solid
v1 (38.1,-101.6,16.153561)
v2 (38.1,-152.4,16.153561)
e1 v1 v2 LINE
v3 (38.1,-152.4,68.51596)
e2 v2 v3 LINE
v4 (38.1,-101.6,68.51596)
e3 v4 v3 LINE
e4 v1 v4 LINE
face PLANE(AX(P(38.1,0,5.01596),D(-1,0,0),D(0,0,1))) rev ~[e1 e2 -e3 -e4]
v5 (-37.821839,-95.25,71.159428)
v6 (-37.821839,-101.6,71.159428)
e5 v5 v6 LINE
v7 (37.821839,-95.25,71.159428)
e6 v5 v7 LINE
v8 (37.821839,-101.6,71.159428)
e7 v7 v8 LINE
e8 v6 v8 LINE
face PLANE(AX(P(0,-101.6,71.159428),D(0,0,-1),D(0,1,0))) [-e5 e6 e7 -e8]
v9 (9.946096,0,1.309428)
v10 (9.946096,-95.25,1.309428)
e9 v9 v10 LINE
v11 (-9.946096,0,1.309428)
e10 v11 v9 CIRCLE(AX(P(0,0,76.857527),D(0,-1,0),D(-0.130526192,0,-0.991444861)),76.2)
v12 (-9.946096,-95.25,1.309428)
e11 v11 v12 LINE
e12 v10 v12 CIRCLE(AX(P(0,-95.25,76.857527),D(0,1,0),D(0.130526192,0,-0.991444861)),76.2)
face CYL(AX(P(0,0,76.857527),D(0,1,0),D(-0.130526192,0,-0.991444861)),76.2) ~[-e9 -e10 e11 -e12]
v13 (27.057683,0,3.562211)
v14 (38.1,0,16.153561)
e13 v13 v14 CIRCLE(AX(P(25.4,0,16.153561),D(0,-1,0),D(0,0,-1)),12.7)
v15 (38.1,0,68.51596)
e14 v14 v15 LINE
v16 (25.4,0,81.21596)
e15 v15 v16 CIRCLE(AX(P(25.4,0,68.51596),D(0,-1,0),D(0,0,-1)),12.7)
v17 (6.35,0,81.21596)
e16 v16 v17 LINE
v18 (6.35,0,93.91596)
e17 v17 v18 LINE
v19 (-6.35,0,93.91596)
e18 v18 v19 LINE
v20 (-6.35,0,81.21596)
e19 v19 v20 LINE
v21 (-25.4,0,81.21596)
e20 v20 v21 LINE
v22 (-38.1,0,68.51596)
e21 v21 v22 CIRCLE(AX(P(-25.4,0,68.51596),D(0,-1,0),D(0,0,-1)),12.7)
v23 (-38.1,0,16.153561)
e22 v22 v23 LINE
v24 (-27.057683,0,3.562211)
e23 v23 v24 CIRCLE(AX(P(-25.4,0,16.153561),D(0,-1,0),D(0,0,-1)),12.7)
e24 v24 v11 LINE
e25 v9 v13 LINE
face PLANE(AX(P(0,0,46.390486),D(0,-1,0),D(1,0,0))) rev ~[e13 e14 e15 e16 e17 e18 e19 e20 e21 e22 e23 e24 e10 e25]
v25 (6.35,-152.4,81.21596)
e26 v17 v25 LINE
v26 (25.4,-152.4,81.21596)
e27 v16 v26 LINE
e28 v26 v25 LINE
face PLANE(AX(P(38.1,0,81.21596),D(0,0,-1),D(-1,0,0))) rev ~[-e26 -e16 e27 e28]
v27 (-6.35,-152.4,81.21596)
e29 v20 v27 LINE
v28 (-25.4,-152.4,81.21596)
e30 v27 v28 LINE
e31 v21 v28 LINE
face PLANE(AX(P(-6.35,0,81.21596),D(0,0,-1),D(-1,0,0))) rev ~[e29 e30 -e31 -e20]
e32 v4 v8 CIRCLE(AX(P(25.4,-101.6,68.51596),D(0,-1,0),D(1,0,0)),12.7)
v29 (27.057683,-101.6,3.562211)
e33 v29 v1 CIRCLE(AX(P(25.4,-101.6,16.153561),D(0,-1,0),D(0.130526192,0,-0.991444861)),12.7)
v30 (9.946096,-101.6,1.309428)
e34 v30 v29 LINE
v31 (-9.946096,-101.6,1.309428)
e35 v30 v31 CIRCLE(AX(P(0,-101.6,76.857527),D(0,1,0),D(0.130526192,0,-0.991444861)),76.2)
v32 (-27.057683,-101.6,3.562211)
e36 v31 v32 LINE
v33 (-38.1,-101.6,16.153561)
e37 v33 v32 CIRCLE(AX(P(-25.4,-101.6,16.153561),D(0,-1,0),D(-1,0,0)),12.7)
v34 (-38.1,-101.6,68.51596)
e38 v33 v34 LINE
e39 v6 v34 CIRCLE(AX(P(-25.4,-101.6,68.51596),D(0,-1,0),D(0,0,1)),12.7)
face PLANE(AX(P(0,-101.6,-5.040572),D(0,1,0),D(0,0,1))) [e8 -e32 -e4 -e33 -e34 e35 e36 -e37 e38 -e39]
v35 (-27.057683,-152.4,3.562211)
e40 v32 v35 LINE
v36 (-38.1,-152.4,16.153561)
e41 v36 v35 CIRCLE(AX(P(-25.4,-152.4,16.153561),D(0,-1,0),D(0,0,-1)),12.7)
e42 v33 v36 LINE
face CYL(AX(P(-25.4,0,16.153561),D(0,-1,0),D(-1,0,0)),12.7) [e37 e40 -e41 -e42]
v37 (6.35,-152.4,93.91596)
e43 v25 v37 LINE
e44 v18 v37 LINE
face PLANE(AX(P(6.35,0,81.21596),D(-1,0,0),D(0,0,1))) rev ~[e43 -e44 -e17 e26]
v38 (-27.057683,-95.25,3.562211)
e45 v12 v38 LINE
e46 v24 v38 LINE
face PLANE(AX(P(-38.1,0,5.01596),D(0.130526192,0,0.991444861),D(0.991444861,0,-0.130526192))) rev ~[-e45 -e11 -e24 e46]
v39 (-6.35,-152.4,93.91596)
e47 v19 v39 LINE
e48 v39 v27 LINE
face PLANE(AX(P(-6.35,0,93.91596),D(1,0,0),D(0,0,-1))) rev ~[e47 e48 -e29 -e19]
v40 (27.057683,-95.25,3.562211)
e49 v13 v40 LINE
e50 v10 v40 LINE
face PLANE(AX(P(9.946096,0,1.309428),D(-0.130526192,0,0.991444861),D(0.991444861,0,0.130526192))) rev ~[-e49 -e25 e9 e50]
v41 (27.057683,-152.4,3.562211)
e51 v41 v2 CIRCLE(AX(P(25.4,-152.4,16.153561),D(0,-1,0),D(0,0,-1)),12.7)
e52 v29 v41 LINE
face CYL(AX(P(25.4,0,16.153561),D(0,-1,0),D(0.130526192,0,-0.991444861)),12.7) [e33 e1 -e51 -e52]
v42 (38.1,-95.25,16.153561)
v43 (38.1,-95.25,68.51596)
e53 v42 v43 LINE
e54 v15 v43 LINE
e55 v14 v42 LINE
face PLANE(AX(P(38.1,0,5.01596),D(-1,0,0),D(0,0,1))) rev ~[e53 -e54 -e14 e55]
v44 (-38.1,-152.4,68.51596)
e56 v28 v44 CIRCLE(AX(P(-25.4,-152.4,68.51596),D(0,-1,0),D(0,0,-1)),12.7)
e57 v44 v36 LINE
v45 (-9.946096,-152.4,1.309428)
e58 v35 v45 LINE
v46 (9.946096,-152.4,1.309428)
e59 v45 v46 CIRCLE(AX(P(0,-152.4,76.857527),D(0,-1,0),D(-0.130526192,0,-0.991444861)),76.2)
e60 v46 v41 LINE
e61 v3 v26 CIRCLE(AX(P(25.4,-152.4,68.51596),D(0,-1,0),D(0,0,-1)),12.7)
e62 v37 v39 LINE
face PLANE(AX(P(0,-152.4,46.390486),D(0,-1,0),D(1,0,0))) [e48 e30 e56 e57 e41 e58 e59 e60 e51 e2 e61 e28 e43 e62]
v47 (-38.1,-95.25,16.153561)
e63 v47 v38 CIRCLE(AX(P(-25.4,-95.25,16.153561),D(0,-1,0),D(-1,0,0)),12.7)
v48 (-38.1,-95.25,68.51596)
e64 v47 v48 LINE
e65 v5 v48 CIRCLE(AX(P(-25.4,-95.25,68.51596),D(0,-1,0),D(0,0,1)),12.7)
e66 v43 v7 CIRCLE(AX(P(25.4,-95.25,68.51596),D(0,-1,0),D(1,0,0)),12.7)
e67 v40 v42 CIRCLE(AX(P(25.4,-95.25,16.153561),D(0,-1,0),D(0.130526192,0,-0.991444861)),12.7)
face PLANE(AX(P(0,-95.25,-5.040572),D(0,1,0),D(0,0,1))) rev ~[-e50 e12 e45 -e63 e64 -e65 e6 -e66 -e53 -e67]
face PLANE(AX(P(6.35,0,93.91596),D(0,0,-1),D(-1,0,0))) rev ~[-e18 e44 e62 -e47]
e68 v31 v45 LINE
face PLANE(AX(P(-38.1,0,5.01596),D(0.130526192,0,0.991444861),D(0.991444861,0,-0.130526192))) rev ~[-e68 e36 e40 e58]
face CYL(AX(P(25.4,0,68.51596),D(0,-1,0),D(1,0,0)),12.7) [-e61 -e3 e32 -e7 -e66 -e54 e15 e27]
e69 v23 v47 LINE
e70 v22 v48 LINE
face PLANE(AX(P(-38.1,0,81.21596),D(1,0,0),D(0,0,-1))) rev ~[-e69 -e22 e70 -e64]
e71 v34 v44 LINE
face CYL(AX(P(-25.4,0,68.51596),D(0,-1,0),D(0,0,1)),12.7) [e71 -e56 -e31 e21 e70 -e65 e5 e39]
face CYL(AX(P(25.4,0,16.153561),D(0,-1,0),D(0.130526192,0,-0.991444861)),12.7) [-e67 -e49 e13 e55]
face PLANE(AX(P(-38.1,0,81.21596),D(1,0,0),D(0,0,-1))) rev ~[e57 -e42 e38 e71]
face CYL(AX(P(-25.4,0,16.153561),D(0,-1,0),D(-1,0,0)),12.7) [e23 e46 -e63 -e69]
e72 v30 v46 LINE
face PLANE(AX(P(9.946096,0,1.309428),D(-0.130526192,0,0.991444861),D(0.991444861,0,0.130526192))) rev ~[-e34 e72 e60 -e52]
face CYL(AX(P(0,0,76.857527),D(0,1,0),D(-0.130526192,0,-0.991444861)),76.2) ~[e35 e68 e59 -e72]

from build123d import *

# Parameters (mm, degrees)
F1_DEPTH      = 152.4
F2_R          = 12.7
F3_W          = 6.35
F3_H          = 76.2
F4_DEPTH      = 38.101
F4_DEPTH_BACK = 38.101


with BuildPart() as f1:
    # F0 (on Front) → F1 (new body)
    with BuildSketch(Plane.XZ):
        with BuildLine():
            Line((-6.35, 93.9159601581), (-6.35, 81.2159601581))
            Line((-6.35, 81.2159601581), (-38.1, 81.2159601581))
            Line((-38.1, 81.2159601581), (-38.1, 5.0159601581))
            Line((-38.1, 5.0159601581), (-9.9460958472, 1.3094283595))
            ThreePointArc((-9.9460958472, 1.3094283595), (0, 0.6575267962), (9.9460958472, 1.3094283595))
            Line((9.9460958472, 1.3094283595), (38.1, 5.0159601581))
            Line((38.1, 5.0159601581), (38.1, 81.2159601581))
            Line((38.1, 81.2159601581), (6.35, 81.2159601581))
            Line((6.35, 81.2159601581), (6.35, 93.9159601581))
            Line((6.35, 93.9159601581), (-6.35, 93.9159601581))
        make_face()
    extrude(amount=F1_DEPTH)

    # F2
    f2_edges = [f1.edges().sort_by_distance(p)[0] for p in [
        (38.1, -76.2, 81.21596),
        (-38.1, -76.2, 81.21596),
        (-38.1, -76.2, 5.01596),
        (38.1, -76.2, 5.01596),
    ]]
    fillet(f2_edges, radius=F2_R)

    # F3 (on Right) → F4 (cut, two sides)
    with BuildSketch(Plane.YZ) as f4_sk:
        with Locations((-98.425, 33.0594283595)):
            Rectangle(F3_W, F3_H)
    extrude(amount=-F4_DEPTH, mode=Mode.SUBTRACT)
    extrude(f4_sk.sketch, amount=F4_DEPTH_BACK, mode=Mode.SUBTRACT)


solid = f1.part
